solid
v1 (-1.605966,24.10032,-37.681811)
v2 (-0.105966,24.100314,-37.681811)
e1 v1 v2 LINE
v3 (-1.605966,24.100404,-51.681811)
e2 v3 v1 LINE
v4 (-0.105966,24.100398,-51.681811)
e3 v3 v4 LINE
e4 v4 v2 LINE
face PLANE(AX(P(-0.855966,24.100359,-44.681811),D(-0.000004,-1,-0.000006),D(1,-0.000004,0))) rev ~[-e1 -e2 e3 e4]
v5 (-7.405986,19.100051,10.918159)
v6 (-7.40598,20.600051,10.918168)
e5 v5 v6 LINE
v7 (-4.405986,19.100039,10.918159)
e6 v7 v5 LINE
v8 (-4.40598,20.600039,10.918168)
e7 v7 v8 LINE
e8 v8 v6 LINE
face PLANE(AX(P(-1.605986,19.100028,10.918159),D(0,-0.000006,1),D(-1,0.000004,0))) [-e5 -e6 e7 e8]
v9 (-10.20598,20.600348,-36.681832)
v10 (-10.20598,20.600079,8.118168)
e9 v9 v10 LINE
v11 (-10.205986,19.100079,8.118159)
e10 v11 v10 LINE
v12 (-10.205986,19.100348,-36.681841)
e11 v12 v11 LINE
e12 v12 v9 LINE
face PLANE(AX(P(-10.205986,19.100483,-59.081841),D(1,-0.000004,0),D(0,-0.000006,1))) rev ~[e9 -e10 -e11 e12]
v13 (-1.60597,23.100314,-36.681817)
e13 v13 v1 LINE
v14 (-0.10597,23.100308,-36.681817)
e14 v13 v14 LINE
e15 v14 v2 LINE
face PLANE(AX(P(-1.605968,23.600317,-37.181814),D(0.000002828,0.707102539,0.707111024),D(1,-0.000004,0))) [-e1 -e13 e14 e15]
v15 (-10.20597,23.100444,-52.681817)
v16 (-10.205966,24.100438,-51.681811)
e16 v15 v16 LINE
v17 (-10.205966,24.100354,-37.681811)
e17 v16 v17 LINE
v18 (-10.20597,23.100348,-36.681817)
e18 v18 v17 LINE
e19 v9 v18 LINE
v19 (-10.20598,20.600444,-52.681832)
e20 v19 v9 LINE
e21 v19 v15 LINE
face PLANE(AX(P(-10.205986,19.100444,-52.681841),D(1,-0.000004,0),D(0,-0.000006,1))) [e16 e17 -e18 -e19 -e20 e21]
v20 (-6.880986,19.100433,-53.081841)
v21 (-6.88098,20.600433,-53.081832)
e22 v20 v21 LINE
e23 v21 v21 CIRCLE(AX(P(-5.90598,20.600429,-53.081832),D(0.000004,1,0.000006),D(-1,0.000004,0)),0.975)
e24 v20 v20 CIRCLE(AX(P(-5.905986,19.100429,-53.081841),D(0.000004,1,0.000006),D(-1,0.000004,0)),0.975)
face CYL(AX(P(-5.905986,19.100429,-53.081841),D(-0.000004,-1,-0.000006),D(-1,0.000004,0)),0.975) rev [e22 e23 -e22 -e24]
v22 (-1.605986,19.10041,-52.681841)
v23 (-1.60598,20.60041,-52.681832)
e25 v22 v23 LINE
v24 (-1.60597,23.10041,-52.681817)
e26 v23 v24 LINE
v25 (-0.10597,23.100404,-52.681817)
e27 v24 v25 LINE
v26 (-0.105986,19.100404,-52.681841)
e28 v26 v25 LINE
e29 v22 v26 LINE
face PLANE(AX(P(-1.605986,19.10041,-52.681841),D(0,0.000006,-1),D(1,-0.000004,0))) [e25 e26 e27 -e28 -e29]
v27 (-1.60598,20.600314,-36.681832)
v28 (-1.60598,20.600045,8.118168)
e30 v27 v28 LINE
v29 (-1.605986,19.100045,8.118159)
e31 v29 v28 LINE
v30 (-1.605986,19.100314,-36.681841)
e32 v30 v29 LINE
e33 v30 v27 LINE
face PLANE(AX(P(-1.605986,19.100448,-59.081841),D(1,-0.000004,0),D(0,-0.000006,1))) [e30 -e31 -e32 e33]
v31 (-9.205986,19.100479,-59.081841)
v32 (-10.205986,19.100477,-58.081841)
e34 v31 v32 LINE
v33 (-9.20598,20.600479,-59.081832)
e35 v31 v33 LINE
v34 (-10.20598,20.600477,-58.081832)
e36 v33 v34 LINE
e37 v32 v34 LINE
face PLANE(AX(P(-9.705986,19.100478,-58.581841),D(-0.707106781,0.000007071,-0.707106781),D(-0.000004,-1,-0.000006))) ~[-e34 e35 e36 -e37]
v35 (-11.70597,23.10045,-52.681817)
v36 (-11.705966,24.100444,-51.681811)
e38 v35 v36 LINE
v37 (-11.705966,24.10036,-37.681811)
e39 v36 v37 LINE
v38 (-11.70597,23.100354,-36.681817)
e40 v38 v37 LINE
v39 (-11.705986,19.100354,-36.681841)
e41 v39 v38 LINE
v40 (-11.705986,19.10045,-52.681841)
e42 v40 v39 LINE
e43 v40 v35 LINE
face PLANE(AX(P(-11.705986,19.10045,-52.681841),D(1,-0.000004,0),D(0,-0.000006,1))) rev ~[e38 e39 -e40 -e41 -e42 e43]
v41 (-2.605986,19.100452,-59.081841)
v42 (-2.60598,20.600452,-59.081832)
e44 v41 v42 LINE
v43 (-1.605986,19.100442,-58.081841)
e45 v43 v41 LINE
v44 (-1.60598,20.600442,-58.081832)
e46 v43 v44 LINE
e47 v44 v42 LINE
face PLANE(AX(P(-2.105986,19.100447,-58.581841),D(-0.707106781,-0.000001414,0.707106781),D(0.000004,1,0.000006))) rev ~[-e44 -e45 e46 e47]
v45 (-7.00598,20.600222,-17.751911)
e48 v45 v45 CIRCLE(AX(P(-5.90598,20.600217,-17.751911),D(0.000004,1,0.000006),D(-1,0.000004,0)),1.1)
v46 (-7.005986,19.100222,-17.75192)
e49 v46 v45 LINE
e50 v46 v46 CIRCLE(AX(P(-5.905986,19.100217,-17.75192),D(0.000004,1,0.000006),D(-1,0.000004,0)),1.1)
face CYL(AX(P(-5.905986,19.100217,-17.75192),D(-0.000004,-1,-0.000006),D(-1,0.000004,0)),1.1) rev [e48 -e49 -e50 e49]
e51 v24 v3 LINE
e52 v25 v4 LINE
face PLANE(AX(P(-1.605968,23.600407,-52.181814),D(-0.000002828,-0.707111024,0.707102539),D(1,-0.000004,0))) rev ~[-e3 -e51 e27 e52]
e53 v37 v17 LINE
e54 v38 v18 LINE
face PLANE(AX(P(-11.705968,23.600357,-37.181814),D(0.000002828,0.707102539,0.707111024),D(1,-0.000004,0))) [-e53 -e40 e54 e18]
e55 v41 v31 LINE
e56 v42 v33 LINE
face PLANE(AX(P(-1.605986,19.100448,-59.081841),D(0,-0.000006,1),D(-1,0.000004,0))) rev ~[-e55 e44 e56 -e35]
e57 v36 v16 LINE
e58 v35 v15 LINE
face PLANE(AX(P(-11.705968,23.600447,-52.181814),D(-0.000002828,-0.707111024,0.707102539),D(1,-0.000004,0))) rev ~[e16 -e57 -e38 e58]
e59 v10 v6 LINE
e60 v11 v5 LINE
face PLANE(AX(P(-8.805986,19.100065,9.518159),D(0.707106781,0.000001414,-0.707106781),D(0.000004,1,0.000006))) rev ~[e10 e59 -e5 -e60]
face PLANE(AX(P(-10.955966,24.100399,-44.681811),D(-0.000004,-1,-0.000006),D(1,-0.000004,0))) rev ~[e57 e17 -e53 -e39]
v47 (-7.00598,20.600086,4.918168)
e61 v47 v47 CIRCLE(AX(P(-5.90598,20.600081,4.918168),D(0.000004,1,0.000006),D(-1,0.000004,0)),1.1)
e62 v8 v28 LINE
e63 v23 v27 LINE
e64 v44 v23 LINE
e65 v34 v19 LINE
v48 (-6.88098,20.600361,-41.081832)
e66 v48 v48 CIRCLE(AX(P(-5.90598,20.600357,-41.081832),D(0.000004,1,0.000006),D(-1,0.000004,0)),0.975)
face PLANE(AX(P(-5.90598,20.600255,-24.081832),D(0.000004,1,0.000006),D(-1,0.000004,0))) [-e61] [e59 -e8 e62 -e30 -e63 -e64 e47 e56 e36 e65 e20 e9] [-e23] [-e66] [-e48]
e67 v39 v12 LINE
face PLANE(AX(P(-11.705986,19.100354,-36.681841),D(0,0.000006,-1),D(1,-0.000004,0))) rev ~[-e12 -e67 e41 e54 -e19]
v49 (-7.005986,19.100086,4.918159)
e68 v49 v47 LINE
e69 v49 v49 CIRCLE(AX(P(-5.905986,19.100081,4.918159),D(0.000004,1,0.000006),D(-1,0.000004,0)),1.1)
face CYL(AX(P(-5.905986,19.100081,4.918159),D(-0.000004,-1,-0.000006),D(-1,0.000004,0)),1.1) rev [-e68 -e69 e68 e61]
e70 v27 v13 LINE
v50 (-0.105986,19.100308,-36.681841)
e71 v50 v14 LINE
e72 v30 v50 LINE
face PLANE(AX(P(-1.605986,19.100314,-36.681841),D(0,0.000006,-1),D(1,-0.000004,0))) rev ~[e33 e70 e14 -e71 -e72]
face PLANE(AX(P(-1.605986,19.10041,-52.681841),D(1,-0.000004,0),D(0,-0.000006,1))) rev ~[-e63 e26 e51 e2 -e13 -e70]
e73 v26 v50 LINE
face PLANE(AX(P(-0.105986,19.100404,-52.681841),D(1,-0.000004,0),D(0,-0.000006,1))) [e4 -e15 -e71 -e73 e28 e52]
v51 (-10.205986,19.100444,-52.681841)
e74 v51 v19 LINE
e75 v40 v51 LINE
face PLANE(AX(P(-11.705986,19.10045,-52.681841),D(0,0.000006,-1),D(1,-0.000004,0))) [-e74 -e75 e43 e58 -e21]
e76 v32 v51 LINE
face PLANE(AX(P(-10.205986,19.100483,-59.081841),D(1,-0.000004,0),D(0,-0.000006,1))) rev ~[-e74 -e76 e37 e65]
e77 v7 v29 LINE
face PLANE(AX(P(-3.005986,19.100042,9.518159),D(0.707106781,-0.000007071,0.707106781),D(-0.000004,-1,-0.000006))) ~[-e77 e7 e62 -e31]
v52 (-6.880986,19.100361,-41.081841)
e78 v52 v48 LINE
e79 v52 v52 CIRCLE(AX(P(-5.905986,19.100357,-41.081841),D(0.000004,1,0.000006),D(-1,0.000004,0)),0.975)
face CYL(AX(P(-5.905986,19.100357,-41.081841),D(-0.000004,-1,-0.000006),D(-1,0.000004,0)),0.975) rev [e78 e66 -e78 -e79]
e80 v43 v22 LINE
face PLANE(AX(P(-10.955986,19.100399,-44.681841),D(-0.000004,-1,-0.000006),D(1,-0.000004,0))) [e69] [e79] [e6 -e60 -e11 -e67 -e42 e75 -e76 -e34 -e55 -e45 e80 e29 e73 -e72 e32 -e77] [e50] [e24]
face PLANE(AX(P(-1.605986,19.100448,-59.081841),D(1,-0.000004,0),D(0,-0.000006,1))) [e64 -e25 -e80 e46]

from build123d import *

# Parameters (mm, degrees)
SKETCH006_W              = 8.6
SKETCH006_H              = 70
SKETCH006_R              = 1.1
SKETCH006_R_2            = 0.975
PAD005_DEPTH             = 1.5
SKETCH007_W              = 1.5
SKETCH007_H              = 16
PAD006_DEPTH             = 5
CHAMFER001_SIZE          = 2.8
CHAMFER002_SIZE          = 1
CLONE002_PLACEMENT_ANGLE = 180


with BuildPart() as part:
    # Sketch006 (on Face74 of Binder003) → Pad005 (new body)
    with BuildSketch(Plane(origin=(-7.1e-05, -19.1, 0.000123), x_dir=(1, -4e-06, 0), z_dir=(-4e-06, -1, 6e-06))):
        with Locations((12.106057, -34.481964)):
            Rectangle(SKETCH006_W, SKETCH006_H)
        with Locations((12.106057, -5.481964)):
            Circle(SKETCH006_R, mode=Mode.SUBTRACT)
        with Locations((12.106057, -28.152043)):
            Circle(SKETCH006_R, mode=Mode.SUBTRACT)
        with Locations((12.106057, -51.481964)):
            Circle(SKETCH006_R_2, mode=Mode.SUBTRACT)
        with Locations((12.106057, -63.481964)):
            Circle(SKETCH006_R_2, mode=Mode.SUBTRACT)
    extrude(amount=PAD005_DEPTH)

    # Sketch007 (on Face9 of Pad005) → Pad006 (join)
    with BuildSketch(Plane(origin=(-7.1e-05, -19.1, 0.000123), x_dir=(-1, 4e-06, 0), z_dir=(4e-06, 1, -6e-06))):
        with Locations((-17.156057, -55.081964)):
            Rectangle(SKETCH007_W, SKETCH007_H)
        with Locations((-7.056057, -55.081964)):
            Rectangle(SKETCH007_W, SKETCH007_H)
    extrude(amount=-PAD006_DEPTH)

    # Chamfer001
    chamfer001_edges = [part.edges().sort_by_distance(p)[0] for p in [
        (16.405983, -19.850058, 0.518165),
        (7.805983, -19.850026, 0.518165),
    ]]
    chamfer(chamfer001_edges, length=CHAMFER001_SIZE)

    # Chamfer002
    chamfer002_edges = [part.edges().sort_by_distance(p)[0] for p in [
        (17.155967, -24.100368, -47.081808),
        (17.155967, -24.100471, -63.081808),
        (7.055967, -24.100433, -63.081808),
        (7.055967, -24.10033, -47.081808),
        (16.405983, -19.850509, -69.481835),
        (7.805983, -19.850477, -69.481835),
    ]]
    chamfer(chamfer002_edges, length=CHAMFER002_SIZE)


with BuildPart() as part_1:
    # Clone002 placement: moved
    add(part.part.moved(Location((6.2, 0, 10.4))).rotate(Axis((6.2, 0, 10.4), (0, 0, 1)), CLONE002_PLACEMENT_ANGLE))


solid = part_1.part
